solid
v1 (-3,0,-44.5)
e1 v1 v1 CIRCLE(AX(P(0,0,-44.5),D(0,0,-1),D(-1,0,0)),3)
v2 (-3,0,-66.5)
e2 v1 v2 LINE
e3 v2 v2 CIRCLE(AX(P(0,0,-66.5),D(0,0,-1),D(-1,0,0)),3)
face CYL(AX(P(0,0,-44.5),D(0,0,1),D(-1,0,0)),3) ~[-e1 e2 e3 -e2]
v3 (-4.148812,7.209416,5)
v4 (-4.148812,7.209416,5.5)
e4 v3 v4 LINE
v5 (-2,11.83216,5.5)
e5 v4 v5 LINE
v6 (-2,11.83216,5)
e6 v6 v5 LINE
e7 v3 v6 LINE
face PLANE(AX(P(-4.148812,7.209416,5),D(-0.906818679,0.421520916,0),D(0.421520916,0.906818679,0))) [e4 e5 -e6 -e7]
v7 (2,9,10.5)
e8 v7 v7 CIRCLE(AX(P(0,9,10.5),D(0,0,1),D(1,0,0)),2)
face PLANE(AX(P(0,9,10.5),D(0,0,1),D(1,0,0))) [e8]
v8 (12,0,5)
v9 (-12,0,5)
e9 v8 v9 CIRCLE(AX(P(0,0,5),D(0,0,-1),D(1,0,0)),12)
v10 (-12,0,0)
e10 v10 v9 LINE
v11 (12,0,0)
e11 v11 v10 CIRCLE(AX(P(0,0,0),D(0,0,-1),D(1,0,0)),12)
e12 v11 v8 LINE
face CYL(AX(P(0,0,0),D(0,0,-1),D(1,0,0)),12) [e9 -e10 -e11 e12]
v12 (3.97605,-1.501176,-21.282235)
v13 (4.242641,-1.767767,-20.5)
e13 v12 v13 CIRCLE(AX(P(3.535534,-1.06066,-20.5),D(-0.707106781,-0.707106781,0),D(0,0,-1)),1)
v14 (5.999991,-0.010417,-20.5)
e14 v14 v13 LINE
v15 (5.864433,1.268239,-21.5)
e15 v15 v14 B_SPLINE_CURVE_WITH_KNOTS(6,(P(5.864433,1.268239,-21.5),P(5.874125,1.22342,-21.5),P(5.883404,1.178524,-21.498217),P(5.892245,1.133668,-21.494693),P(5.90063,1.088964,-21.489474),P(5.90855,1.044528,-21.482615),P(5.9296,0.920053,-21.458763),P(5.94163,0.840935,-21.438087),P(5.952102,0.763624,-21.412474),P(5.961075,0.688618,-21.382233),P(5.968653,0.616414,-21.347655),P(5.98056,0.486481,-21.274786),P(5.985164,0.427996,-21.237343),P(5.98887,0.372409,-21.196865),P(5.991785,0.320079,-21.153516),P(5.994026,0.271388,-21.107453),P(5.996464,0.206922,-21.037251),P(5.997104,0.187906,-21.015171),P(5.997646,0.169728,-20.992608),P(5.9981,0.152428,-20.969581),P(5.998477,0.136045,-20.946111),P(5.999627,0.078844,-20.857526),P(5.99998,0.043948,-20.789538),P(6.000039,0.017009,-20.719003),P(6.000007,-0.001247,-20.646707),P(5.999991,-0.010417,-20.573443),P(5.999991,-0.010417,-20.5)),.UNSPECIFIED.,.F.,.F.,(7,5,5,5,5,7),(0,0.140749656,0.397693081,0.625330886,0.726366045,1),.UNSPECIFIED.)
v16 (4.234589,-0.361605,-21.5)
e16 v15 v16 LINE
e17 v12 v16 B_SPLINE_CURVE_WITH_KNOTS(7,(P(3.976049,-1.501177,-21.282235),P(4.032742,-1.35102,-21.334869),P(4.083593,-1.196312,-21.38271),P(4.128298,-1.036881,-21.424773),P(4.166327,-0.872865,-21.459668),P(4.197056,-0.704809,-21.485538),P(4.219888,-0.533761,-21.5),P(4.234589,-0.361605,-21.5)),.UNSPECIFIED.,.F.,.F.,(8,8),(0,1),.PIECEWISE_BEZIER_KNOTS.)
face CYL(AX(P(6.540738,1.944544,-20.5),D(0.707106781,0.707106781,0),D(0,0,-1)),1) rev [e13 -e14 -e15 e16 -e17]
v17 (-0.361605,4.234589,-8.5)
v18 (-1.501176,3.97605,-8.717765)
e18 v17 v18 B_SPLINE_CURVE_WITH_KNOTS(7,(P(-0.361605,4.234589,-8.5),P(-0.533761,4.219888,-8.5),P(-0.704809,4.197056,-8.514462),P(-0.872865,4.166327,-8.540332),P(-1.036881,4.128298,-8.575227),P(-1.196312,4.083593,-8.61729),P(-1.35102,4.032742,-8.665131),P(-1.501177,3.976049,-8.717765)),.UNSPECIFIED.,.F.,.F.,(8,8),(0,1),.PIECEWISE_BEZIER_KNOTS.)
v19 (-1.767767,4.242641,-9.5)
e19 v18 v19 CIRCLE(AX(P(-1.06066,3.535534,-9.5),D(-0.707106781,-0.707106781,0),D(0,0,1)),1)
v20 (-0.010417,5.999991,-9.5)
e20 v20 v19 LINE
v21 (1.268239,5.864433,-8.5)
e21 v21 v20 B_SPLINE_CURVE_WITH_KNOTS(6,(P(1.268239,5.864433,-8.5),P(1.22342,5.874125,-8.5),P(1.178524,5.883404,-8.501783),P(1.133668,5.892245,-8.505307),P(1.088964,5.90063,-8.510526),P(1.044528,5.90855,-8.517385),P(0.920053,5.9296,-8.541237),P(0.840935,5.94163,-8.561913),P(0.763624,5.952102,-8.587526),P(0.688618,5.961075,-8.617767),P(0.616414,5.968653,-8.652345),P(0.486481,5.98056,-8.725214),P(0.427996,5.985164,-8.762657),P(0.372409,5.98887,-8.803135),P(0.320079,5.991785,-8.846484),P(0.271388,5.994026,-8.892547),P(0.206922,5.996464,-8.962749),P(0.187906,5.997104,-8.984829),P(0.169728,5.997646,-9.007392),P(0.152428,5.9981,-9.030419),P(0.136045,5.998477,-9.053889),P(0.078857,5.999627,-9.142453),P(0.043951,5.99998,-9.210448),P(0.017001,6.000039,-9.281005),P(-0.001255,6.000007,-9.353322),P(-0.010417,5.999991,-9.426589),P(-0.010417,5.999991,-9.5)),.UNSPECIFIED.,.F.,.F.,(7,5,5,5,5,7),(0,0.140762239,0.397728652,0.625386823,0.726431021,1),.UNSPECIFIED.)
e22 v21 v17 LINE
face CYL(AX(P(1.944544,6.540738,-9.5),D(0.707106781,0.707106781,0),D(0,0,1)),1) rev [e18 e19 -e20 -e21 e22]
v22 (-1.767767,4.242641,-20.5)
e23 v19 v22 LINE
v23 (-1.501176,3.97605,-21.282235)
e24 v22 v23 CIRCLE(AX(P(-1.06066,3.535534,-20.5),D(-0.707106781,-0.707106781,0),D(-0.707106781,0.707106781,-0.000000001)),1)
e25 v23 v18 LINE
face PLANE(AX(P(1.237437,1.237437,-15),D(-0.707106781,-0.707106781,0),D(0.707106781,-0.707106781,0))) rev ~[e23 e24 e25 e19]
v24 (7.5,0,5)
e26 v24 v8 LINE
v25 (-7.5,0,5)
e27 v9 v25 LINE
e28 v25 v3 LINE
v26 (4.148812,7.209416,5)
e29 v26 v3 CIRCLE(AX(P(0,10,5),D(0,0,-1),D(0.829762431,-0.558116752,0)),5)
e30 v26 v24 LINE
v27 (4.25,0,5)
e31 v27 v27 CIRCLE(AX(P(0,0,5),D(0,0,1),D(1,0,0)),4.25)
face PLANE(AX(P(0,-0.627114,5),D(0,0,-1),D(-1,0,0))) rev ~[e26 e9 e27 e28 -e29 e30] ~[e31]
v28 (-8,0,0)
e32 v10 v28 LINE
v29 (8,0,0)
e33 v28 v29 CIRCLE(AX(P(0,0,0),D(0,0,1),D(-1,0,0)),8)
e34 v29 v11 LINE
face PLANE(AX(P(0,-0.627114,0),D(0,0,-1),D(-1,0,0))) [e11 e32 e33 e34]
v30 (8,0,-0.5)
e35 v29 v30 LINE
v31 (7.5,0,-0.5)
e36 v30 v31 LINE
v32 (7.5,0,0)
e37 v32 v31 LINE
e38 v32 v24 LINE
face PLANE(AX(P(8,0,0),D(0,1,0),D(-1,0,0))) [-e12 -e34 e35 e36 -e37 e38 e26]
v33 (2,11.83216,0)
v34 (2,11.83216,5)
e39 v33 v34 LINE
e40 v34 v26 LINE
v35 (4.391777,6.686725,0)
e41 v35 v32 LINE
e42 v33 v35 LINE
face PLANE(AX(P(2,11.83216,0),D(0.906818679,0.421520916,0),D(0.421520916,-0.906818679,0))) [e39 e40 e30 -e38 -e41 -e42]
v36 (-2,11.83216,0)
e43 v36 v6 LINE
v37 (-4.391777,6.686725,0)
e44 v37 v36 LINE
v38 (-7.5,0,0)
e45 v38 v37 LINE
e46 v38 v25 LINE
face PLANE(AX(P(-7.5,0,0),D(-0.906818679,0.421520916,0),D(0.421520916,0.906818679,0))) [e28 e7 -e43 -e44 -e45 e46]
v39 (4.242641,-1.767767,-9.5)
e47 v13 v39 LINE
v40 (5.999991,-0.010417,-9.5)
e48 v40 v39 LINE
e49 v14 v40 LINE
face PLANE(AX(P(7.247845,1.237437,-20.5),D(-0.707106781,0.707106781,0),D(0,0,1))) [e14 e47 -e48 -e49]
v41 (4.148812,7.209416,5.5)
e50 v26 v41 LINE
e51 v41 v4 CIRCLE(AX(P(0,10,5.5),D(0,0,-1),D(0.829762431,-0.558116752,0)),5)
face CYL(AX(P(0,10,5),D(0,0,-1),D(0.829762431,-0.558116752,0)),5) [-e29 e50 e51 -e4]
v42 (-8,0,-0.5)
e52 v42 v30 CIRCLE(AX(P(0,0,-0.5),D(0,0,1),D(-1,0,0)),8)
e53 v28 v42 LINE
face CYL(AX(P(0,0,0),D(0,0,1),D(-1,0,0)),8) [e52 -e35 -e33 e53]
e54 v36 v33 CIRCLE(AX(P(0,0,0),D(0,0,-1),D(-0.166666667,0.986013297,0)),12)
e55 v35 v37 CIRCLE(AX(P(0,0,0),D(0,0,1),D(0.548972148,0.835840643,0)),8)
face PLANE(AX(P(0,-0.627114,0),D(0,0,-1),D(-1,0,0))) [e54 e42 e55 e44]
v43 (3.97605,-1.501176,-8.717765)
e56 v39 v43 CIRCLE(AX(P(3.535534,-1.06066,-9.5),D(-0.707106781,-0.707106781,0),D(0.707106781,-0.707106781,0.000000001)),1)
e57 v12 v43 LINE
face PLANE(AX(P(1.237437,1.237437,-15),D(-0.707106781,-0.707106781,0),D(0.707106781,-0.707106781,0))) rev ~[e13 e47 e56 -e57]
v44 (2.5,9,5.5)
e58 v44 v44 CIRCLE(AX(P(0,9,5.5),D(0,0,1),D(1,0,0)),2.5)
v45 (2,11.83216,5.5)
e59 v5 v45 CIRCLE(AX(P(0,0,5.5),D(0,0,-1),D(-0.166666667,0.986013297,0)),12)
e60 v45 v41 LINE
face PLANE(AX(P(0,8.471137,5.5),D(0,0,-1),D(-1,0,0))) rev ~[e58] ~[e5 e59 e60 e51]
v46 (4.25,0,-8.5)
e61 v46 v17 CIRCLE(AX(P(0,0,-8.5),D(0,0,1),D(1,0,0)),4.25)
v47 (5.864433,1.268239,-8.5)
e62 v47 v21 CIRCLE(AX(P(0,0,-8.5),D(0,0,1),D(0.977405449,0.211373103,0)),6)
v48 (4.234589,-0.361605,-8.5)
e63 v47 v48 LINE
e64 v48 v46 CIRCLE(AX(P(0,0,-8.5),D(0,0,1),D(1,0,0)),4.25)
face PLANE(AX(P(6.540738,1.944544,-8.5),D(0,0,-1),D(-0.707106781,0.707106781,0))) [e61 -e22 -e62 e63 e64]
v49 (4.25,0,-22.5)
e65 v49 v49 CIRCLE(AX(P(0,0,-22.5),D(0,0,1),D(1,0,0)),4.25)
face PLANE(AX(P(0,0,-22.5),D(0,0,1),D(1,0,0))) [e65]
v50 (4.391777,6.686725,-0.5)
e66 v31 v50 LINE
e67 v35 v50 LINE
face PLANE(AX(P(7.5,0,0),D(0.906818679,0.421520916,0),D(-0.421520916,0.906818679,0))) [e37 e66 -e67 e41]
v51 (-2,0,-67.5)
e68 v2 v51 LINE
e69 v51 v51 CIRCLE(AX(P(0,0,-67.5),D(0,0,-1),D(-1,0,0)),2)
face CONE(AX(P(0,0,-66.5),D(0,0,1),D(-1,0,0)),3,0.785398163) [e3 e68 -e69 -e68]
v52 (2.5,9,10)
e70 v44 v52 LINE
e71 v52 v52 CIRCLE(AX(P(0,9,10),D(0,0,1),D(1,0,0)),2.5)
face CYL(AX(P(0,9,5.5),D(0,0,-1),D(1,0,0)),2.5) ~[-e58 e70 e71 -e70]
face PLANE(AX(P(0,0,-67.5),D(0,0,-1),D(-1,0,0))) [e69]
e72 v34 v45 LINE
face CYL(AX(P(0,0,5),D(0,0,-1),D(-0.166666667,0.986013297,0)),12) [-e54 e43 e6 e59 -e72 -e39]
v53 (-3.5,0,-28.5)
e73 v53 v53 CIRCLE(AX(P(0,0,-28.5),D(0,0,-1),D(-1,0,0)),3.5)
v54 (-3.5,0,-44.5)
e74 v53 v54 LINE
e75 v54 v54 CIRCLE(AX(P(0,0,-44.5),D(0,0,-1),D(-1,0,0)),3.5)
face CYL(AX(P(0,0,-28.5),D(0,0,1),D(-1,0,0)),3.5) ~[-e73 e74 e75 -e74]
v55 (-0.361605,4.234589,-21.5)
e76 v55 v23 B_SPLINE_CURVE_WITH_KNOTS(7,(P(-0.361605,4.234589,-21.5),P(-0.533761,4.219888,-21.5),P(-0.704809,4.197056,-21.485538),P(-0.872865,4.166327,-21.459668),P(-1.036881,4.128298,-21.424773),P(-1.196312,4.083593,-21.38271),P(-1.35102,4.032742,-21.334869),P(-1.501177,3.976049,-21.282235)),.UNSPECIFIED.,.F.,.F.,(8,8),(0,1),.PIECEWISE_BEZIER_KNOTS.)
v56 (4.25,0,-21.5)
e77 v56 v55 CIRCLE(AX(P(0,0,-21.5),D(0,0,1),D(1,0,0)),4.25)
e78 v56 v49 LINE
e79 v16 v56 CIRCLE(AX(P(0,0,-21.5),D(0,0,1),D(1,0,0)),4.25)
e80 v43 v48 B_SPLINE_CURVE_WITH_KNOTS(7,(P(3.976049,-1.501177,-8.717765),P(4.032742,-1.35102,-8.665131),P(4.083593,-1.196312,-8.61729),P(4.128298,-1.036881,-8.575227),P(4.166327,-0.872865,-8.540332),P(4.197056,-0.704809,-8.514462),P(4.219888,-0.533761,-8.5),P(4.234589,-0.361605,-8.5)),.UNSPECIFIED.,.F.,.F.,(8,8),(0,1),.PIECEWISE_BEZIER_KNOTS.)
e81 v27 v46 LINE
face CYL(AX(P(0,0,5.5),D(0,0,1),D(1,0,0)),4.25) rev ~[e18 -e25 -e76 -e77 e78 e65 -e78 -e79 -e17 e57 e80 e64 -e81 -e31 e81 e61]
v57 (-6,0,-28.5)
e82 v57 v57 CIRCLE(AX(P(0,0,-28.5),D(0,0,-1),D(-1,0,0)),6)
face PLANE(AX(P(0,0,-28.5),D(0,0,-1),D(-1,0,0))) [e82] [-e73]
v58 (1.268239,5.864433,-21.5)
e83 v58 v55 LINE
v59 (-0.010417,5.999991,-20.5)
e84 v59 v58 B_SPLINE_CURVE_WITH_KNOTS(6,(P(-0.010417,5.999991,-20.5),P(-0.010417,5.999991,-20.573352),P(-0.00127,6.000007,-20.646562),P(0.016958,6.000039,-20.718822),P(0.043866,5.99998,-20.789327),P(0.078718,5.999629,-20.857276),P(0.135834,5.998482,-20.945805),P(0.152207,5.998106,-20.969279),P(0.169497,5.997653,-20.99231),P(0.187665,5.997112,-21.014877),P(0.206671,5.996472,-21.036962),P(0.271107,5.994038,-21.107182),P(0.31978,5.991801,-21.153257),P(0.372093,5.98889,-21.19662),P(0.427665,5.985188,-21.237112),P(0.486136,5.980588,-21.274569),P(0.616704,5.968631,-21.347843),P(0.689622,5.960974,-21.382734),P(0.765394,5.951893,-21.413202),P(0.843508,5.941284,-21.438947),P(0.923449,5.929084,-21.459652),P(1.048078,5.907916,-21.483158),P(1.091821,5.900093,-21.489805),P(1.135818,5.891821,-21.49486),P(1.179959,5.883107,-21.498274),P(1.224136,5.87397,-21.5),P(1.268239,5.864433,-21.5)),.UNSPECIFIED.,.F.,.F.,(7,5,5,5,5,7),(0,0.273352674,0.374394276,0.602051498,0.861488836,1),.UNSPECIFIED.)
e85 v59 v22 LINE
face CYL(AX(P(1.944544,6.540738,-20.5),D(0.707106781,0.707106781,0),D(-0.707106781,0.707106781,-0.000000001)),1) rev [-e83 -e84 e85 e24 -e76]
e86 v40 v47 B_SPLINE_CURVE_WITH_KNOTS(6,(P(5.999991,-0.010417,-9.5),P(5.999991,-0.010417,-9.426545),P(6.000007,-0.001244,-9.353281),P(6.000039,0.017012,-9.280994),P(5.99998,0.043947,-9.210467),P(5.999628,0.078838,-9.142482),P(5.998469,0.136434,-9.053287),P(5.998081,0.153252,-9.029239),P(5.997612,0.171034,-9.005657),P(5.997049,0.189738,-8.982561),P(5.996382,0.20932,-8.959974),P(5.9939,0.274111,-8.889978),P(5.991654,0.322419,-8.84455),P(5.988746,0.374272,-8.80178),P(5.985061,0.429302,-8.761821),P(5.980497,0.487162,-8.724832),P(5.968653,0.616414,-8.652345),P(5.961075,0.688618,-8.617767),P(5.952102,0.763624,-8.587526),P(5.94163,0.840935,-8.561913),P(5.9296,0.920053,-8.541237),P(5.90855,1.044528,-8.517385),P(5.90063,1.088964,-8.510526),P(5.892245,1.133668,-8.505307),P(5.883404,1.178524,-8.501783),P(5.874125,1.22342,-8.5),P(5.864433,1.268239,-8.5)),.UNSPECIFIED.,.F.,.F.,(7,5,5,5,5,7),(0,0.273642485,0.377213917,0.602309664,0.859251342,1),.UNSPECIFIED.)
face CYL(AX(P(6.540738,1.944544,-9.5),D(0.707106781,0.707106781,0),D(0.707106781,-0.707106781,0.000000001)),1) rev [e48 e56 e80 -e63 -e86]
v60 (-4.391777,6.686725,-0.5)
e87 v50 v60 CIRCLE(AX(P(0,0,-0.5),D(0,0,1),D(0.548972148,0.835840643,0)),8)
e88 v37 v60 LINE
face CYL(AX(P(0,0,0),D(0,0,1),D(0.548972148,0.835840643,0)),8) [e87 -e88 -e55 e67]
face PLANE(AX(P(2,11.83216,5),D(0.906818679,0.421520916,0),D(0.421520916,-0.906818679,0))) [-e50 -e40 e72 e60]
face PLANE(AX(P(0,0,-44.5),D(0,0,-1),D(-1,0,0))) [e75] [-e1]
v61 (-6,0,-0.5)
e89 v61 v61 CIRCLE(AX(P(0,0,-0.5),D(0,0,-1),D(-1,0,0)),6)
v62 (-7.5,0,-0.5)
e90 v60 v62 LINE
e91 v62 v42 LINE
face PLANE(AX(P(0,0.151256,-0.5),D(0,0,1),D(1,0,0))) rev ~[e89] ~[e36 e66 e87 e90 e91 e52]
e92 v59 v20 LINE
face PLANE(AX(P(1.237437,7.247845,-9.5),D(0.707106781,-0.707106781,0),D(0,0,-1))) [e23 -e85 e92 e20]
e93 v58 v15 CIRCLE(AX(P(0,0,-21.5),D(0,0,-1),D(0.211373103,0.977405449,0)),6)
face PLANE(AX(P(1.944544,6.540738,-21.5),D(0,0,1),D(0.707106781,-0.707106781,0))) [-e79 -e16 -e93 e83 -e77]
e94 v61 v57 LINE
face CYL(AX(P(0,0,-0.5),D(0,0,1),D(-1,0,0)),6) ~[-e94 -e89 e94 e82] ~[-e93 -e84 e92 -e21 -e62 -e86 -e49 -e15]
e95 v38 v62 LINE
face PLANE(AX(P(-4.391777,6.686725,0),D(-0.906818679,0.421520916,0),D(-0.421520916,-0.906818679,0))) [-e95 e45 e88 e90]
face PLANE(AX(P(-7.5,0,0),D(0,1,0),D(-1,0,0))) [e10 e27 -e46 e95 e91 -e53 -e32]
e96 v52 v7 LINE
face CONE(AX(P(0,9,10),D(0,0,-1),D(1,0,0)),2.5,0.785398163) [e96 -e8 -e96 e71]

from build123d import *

# Parameters (mm, degrees)
BASE_EXTRUSION_DEPTH    = 5
BOSS_EXTRU_1_DEPTH      = 0.5
ESQUISSE3_R             = 2.5
BOSS_EXTRU_2_DEPTH      = 5
BOSS_EXTRU_3_DEPTH      = 0.5
ESQUISSE5_R             = 6
BOSS_EXTRU_4_DEPTH      = 28
ESQUISSE6_R             = 3.5
BOSS_EXTRU_5_DEPTH      = 16
ESQUISSE7_R             = 3
BOSS_EXTRU_6_DEPTH      = 23
CHANFREIN1_SIZE         = 1
ESQUISSE8_R             = 4.25
ENL_V_MAT_EXTRU_1_DEPTH = 28
ENL_V_MAT_EXTRU_4_DEPTH = 4.25
CHANFREIN2_SIZE         = 0.5


with BuildPart() as part:
    # Esquisse1 → Base-Extrusion (new body)
    with BuildSketch(Plane.XY):
        with BuildLine():
            Line((2, 11.832159566), (7.5, 0))
            Line((7.5, 0), (12, 0))
            ThreePointArc((12, 0), (0, -12), (-12, 0))
            Line((-12, 0), (-7.5, 0))
            Line((-7.5, 0), (-2, 11.832159566))
            ThreePointArc((-2, 11.832159566), (0, 12), (2, 11.832159566))
        make_face()
    extrude(amount=BASE_EXTRUSION_DEPTH)

    # Esquisse2 → Boss.-Extru.1 (add)
    with BuildSketch(Plane.XY.offset(5)):
        with BuildLine():
            Line((2, 11.832159566), (4.148812154, 7.209416242))
            ThreePointArc((4.148812154, 7.209416242), (0, 5), (-4.148812154, 7.209416242))
            Line((-4.148812154, 7.209416242), (-2, 11.832159566))
            ThreePointArc((-2, 11.832159566), (0, 12), (2, 11.832159566))
        make_face()
    extrude(amount=BOSS_EXTRU_1_DEPTH)

    # Esquisse3 → Boss.-Extru.2 (add)
    with BuildSketch(Plane.XY.offset(5.5)):
        with Locations((0, 9)):
            Circle(ESQUISSE3_R)
    extrude(amount=BOSS_EXTRU_2_DEPTH)

    # Esquisse4 → Boss.-Extru.3 (add)
    with BuildSketch(Plane(origin=(0, 0, 0), x_dir=(-1, 0, 0), z_dir=(0, 0, -1))):
        with BuildLine():
            Line((-8, 0), (-7.5, 0))
            Line((-7.5, 0), (-4.391777187, 6.686725143))
            ThreePointArc((-4.391777187, 6.686725143), (0, 8), (4.391777187, 6.686725143))
            Line((4.391777187, 6.686725143), (7.5, 0))
            Line((7.5, 0), (8, 0))
            ThreePointArc((8, 0), (0, -8), (-8, 0))
        make_face()
    extrude(amount=BOSS_EXTRU_3_DEPTH)

    # Esquisse5 → Boss.-Extru.4 (add)
    with BuildSketch(Plane(origin=(0, 0, -0.5), x_dir=(-1, 0, 0), z_dir=(0, 0, -1))):
        Circle(ESQUISSE5_R)
    extrude(amount=BOSS_EXTRU_4_DEPTH)

    # Esquisse6 → Boss.-Extru.5 (add)
    with BuildSketch(Plane(origin=(0, 0, -28.5), x_dir=(-1, 0, 0), z_dir=(0, 0, -1))):
        Circle(ESQUISSE6_R)
    extrude(amount=BOSS_EXTRU_5_DEPTH)

    # Esquisse7 → Boss.-Extru.6 (add)
    with BuildSketch(Plane(origin=(0, 0, -44.5), x_dir=(-1, 0, 0), z_dir=(0, 0, -1))):
        Circle(ESQUISSE7_R)
    extrude(amount=BOSS_EXTRU_6_DEPTH)

    # Chanfrein1
    chanfrein1_edges = [part.edges().sort_by_distance(p)[0] for p in [
        (3, 0, -67.5),
    ]]
    chamfer(chanfrein1_edges, length=CHANFREIN1_SIZE)

    # Esquisse8 → Enlèv. mat.-Extru.1 (cut)
    with BuildSketch(Plane.XY.offset(5.5)):
        Circle(ESQUISSE8_R)
    extrude(amount=-ENL_V_MAT_EXTRU_1_DEPTH, mode=Mode.SUBTRACT)

    # Esquisse12 → Enlèv. mat.-Extru.4 (cut)
    with BuildSketch(Plane(origin=(4.242640687, 4.242640687, -14.5), x_dir=(-0.7071067811865462, 0.7071067811865489, 0), z_dir=(0.7071067811865489, 0.7071067811865462, 0))):
        with BuildLine():
            Line((-3.25, 6), (3.25, 6))
            ThreePointArc((3.25, 6), (3.957106781, 5.707106781), (4.25, 5))
            Line((4.25, 5), (4.25, -6))
            ThreePointArc((4.25, -6), (3.957106781, -6.707106781), (3.25, -7))
            Line((3.25, -7), (-3.25, -7))
            ThreePointArc((-3.25, -7), (-3.957106781, -6.707106781), (-4.25, -6))
            Line((-4.25, -6), (-4.25, 5))
            ThreePointArc((-4.25, 5), (-3.957106781, 5.707106781), (-3.25, 6))
        make_face()
    extrude(amount=-ENL_V_MAT_EXTRU_4_DEPTH, mode=Mode.SUBTRACT)

    # Chanfrein2
    chanfrein2_edges = [part.edges().sort_by_distance(p)[0] for p in [
        (-2.5, 9, 10.5),
    ]]
    chamfer(chanfrein2_edges, length=CHANFREIN2_SIZE)


solid = part.part
